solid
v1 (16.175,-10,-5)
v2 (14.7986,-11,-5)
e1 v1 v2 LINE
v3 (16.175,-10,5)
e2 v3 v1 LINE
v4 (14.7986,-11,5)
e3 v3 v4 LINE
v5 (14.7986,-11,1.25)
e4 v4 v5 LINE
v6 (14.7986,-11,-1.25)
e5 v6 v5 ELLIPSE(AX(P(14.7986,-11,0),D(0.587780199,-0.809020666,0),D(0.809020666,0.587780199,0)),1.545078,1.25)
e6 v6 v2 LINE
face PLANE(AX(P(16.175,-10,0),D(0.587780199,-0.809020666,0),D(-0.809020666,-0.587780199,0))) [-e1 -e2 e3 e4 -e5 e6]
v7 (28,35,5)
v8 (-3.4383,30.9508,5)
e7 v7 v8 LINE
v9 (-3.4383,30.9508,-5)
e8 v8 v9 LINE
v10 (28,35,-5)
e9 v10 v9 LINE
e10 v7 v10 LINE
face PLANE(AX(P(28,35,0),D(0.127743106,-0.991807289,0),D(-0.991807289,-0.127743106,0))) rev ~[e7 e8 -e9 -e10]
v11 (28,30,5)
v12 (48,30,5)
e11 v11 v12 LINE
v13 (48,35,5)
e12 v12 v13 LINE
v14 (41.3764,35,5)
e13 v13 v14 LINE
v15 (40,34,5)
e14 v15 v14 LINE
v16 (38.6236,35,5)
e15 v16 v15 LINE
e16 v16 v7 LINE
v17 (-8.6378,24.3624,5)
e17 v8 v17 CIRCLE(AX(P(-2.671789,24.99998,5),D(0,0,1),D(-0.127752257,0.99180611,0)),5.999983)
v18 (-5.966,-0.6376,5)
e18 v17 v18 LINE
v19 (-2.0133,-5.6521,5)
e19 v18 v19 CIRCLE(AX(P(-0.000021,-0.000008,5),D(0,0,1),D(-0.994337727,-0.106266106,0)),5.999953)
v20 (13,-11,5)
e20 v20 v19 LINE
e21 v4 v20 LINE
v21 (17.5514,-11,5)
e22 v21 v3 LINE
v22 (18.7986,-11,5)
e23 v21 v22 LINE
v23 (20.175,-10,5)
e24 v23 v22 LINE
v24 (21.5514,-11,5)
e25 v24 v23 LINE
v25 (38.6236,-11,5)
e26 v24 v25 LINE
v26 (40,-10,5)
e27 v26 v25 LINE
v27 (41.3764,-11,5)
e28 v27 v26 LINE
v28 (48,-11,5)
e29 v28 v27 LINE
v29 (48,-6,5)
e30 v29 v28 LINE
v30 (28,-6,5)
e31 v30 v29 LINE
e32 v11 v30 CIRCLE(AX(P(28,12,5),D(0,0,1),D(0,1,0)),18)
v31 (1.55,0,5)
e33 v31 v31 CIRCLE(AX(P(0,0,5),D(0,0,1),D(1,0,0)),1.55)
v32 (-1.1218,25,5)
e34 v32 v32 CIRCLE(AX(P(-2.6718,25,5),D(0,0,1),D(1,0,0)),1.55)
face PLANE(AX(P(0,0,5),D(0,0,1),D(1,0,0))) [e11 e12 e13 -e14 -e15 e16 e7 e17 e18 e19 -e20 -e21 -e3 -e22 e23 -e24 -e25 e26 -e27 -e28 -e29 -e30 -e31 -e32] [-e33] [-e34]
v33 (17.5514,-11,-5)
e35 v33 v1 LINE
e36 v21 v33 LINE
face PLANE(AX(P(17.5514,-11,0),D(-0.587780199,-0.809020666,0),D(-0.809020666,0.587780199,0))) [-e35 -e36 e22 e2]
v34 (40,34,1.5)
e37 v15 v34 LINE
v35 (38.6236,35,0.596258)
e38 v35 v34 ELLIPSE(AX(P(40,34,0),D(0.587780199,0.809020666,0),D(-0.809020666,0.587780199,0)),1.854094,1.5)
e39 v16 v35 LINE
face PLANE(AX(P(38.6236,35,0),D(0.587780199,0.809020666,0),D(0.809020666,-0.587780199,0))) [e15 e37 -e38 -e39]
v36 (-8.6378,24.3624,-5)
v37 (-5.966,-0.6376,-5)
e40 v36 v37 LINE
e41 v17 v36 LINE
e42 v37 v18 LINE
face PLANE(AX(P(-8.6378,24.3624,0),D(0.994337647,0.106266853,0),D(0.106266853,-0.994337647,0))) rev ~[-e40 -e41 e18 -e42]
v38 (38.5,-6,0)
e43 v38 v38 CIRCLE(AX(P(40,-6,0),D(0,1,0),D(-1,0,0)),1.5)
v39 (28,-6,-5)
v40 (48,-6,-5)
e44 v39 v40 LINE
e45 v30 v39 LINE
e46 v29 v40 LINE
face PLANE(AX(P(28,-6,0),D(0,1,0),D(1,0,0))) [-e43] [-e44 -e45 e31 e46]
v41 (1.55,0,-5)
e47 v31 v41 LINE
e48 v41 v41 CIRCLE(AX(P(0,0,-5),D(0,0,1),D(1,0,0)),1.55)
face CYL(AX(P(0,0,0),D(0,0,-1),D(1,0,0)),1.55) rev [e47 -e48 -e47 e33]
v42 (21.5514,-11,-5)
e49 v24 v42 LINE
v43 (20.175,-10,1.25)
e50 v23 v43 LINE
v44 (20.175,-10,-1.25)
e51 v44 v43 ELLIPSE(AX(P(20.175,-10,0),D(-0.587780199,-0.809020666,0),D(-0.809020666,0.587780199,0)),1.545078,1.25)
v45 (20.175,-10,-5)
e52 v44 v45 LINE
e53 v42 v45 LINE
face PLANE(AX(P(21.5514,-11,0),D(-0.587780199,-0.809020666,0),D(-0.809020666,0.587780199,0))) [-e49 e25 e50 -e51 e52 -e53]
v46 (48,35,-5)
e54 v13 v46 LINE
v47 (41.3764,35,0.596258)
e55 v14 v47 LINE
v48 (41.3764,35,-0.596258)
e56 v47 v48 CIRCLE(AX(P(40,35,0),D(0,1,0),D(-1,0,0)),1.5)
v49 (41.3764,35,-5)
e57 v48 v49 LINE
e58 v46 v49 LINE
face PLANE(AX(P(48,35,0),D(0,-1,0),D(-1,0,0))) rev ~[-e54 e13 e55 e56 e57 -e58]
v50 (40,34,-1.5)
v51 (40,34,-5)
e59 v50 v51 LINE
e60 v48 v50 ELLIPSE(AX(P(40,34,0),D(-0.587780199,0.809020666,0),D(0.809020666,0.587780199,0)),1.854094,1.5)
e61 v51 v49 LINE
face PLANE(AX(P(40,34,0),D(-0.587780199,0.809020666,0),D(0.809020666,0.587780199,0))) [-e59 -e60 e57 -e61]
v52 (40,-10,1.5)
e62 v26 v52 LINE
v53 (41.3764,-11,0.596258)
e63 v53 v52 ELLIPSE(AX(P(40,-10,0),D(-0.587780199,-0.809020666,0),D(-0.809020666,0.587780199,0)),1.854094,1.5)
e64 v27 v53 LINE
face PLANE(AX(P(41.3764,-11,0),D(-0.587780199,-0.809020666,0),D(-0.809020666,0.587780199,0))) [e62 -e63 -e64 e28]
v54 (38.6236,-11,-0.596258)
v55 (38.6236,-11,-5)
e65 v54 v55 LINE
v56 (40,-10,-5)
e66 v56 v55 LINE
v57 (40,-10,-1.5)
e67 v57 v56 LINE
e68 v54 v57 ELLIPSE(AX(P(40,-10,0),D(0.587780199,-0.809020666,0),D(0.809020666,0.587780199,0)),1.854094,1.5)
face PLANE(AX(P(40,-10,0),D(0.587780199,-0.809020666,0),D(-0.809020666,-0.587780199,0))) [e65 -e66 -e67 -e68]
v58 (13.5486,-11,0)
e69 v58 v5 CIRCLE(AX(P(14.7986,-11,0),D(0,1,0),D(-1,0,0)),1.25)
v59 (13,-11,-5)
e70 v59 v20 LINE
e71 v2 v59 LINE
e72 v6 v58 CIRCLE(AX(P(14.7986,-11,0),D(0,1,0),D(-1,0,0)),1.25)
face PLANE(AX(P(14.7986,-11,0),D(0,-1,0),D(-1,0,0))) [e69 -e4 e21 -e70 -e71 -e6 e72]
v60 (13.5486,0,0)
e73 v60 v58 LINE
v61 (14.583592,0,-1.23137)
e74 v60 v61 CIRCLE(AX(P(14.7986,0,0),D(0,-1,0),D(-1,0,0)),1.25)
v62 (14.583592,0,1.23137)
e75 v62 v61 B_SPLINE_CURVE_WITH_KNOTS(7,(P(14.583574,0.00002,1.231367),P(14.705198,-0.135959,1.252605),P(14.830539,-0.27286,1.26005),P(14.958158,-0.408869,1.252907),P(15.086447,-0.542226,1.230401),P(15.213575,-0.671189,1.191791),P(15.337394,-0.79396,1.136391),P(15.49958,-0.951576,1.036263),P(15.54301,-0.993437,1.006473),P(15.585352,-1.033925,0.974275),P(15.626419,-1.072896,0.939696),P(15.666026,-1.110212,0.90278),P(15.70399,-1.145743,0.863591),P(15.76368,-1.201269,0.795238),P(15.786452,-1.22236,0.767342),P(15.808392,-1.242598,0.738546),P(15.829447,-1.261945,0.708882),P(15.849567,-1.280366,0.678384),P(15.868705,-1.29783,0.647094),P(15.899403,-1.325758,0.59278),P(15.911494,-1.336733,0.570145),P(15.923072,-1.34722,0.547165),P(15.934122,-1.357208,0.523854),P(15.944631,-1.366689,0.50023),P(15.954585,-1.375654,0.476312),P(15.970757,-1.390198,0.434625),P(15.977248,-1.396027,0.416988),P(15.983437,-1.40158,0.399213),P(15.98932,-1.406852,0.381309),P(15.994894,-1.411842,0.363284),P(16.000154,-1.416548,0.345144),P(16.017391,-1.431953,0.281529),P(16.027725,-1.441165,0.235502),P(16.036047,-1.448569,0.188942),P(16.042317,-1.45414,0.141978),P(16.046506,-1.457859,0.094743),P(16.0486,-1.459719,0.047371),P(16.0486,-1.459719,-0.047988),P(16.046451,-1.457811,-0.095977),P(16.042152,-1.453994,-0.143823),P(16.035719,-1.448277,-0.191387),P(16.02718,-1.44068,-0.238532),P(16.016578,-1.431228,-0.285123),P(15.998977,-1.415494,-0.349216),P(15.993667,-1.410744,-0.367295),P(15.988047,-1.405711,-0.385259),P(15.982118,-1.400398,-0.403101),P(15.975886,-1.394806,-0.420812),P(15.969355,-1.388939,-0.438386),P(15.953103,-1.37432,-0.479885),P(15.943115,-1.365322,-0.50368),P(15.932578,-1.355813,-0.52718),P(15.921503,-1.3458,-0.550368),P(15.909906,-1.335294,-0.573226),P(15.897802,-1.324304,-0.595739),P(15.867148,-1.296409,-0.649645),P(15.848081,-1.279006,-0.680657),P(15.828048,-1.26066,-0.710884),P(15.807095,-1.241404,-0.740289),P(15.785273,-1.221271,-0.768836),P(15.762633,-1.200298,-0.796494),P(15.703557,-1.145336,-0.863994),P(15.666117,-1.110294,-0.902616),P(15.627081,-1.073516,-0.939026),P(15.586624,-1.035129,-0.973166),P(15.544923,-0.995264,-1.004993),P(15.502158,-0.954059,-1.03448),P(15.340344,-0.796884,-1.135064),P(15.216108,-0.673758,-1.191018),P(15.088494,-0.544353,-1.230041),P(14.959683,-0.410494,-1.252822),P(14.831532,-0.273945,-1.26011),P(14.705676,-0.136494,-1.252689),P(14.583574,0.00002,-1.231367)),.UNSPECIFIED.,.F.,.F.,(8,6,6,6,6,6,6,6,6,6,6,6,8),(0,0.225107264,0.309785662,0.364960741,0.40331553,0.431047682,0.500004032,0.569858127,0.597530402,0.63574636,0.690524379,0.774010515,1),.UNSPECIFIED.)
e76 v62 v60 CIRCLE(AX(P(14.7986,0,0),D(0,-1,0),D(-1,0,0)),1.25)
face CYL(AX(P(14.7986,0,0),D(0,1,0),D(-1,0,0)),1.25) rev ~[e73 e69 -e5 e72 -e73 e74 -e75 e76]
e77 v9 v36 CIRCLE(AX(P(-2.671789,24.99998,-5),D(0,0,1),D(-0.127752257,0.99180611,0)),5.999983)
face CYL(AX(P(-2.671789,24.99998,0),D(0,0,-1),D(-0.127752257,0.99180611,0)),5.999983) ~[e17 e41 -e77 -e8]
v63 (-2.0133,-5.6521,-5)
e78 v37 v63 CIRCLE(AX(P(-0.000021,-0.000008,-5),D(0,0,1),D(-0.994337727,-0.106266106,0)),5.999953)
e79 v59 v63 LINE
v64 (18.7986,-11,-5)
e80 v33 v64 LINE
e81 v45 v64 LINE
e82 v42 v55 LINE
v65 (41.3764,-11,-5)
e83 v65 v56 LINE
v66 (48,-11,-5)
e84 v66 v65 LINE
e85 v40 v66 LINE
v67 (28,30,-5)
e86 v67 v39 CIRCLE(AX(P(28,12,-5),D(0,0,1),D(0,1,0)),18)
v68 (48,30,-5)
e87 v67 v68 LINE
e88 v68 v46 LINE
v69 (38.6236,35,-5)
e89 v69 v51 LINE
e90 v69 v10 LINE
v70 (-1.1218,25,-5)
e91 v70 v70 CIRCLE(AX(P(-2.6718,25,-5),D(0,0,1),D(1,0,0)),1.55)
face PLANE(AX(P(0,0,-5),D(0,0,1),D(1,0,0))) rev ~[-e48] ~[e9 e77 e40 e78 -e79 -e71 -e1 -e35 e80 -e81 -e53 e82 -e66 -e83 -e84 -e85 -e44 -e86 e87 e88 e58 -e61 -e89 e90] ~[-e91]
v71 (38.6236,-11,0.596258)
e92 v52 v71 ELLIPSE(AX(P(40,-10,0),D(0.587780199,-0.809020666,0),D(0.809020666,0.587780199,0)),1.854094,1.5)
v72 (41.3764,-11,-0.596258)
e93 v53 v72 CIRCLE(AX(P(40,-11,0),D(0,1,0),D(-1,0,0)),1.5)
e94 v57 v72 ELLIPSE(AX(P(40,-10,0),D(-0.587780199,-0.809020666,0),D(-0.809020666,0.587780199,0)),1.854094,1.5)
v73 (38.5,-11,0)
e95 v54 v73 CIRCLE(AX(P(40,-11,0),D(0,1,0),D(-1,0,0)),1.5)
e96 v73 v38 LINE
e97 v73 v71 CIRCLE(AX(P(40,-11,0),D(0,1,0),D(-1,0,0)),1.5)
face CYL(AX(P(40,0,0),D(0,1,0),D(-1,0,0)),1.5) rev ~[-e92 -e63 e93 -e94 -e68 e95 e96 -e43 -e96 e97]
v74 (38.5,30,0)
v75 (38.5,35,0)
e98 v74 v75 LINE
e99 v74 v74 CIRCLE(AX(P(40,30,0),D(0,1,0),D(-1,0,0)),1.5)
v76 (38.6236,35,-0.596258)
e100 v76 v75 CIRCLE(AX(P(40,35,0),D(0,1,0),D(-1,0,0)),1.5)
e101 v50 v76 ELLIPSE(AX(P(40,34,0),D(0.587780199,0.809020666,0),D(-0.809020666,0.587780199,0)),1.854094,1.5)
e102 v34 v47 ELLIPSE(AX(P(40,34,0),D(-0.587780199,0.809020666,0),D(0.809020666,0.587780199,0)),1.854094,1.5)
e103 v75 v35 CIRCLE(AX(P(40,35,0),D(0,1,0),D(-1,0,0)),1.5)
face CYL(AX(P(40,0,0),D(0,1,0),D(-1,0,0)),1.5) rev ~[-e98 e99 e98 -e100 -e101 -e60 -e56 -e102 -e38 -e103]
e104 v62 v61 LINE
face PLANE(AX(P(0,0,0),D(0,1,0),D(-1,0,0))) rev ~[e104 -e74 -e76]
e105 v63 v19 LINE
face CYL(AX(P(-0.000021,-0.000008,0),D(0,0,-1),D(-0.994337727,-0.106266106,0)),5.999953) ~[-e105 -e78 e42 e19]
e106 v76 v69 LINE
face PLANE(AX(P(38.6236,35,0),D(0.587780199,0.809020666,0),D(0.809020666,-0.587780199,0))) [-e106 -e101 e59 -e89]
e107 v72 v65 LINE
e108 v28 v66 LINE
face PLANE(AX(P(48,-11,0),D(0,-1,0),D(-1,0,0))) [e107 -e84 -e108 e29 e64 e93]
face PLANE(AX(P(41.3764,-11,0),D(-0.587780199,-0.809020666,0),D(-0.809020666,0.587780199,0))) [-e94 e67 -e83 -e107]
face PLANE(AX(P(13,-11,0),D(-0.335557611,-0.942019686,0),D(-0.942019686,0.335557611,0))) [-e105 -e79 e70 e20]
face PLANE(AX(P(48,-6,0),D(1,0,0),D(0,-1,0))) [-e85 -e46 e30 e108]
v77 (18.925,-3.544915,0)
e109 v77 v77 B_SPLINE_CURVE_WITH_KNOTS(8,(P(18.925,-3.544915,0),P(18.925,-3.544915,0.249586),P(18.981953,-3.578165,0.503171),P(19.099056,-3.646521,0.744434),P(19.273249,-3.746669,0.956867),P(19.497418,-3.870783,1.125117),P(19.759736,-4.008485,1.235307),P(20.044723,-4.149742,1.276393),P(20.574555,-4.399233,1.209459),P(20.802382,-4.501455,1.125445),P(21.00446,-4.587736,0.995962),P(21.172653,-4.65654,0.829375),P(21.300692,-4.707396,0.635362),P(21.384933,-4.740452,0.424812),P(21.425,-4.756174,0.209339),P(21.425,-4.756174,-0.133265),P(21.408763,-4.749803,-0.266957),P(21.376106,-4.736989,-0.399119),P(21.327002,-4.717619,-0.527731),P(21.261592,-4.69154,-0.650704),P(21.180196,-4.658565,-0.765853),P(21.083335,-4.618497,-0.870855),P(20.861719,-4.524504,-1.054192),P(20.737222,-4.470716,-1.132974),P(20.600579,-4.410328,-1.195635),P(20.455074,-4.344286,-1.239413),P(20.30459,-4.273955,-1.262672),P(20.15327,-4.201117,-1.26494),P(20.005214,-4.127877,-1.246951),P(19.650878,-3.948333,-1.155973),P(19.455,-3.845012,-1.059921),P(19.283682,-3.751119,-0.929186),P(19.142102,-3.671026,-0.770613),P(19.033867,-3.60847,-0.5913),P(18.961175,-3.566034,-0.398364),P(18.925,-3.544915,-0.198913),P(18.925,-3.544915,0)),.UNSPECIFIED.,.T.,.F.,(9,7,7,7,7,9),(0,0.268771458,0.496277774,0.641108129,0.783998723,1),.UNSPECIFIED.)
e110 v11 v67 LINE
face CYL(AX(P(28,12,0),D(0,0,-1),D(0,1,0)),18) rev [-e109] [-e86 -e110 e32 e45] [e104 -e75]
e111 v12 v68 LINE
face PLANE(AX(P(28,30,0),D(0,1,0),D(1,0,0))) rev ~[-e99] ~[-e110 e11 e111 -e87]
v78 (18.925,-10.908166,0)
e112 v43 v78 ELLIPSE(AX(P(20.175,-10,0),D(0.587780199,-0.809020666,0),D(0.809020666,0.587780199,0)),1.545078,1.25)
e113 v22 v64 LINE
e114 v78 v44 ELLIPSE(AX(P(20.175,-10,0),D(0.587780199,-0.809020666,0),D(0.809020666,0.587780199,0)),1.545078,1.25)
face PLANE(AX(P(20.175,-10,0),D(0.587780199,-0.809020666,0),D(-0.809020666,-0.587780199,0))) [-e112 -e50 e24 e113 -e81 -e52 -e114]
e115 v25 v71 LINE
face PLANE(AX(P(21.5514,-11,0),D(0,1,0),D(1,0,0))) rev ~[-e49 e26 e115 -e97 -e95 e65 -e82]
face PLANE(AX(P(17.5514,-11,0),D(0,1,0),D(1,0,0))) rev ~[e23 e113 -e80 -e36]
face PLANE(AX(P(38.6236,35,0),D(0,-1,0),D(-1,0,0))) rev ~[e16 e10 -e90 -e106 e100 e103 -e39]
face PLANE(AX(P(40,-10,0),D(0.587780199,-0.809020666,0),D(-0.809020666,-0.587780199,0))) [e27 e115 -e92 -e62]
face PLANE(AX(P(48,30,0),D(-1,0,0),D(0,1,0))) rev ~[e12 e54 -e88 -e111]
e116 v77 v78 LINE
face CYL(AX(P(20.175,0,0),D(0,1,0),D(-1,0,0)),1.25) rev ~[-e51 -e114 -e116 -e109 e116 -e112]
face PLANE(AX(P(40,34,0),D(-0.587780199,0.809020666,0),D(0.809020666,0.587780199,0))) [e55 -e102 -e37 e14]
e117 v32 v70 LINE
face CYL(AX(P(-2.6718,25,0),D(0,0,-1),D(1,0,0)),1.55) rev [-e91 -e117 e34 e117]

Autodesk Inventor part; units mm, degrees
ref_plane "YZ Plane" through (0, 0, 0) normal (1, 0, 0) x (0, 1, 0)
ref_plane "XZ Plane" through (0, 0, 0) normal (0, 1, 0) x (-1, 0, 0)
ref_plane "XY Plane" through (0, 0, 0) normal (0, 0, 1) x (1, 0, 0)
sketch "Sketch1" plane through (0, 0, 0) normal (0, 0, 1) x (1, 0, 0)
  line L0 (40, 15) -> (40, 0) construction
  circle A0 centre (-2.6718, 25) radius 1.55
  circle A1 centre (0, 0) radius 1.55
  arc A2 (2.1334, 28.593) -> (-3.4383, 30.9508) centre (-2.6718, 25) ccw construction
  arc A3 (-5.966, -0.6376) -> (-2.0133, -5.6521) centre (0, 0) ccw
  line L1 (-8.6378, 24.3624) -> (-5.966, -0.6376)
  line L2 (0, -6) -> (28, -6) construction
  line L3 (40, 0) -> (48, 0) construction
  line L4 (48, 0) -> (48, -6) construction
  line L5 (48, -6) -> (48, -11)
  line L6 (48, -11) -> (41.3764, -11)
  line L7 (13, -11) -> (-2.0133, -5.6521)
  line L8 (28, -6) -> (48, -6)
  line L9 (28, 30) -> (48, 30)
  line L10 (48, 30) -> (48, 35)
  line L11 (48, 35) -> (41.3764, 35)
  line L12 (48, -6) -> (48, 30) construction
  arc A4 (-8.6378, 24.3624) -> (2.1334, 28.593) centre (-2.6718, 25) ccw construction
  arc A5 (0, -6) -> (-5.966, -0.6376) centre (0, 0) ccw construction
  line L13 (28, -6) -> (28, 30) construction
  line L14 (28, 35) -> (-3.4383, 30.9508)
  arc A6 (-3.4383, 30.9508) -> (-8.6378, 24.3624) centre (-2.6718, 25) ccw
  line L15 (28, 35) -> (28, 30) construction
  arc A7 (28, 30) -> (28, -6) centre (28, 12) ccw
  line L16 (40, 15) -> (40, 35) construction
  line L17 (38.6236, 35) -> (40, 34)
  line L18 (40, 34) -> (41.3764, 35)
  line L19 (38.6236, 35) -> (41.3764, 35) construction
  line L20 (40, 34) -> (40, 35) construction
  line L21 (41.3764, -11) -> (40, -10)
  line L22 (40, -10) -> (38.6236, -11)
  line L23 (41.3764, -11) -> (38.6236, -11) construction
  line L24 (40, -10) -> (40, -11) construction
  line L25 (40, 0) -> (40, -11) construction
  line L26 (21.5514, -11) -> (20.175, -10)
  line L27 (20.175, -10) -> (18.7986, -11)
  line L28 (20.175, -10) -> (20.175, -11) construction
  line L29 (20.175, -10) -> (40, -10) construction
  line L30 (17.5514, -11) -> (16.175, -10)
  line L31 (16.175, -10) -> (14.7986, -11)
  line L32 (16.175, -10) -> (20.175, -10) construction
  line L33 (16.175, -10) -> (16.175, -11) construction
  line L34 (14.7986, -11) -> (13, -11)
  line L35 (17.5514, -11) -> (14.7986, -11) construction
  line L36 (21.5514, -11) -> (38.6236, -11)
  line L37 (17.5514, -11) -> (18.7986, -11)
  line L38 (18.7986, -11) -> (21.5514, -11) construction
  line L39 (38.6236, 35) -> (28, 35)
  line L40 (41.3764, 35) -> (38.6236, 35) construction
  arc A8 (-2.0133, -5.6521) -> (0, -6) centre (0, 0) ccw construction
  dimension "d0" = 3.1
  dimension "d1" = 12
  dimension "d4" = 5
  dimension "d6" = 15
  dimension "d7" = 36
  dimension "d40" = 108
  dimension "d41" = 1
  dimension "d42" = 108
  dimension "d43" = 1
  dimension "d46" = 108
  dimension "d48" = 19.825
  dimension "d49" = 108
  dimension "d51" = 4
  dimension "d52" = 12
  dimension "d53" = 8
extrude "Extrusion1" add sketch "Sketch1" along normal mid plane 10
ref_plane "Work Plane1" through (0, 0, 0) normal (0, 0, 1) x (1, 0, 0)
sketch "Sketch4" plane through (0, 0, 0) normal (0, 1, 0) x (-1, 0, 0)
  line L0 (-40, -5) -> (-40, 5) projected
  line L1 (-20.175, -5) -> (-20.175, 5) projected
  line L2 (-14.7986, -5) -> (-14.7986, 5) projected
  circle A0 centre (-40, 0) radius 1.5
  circle A1 centre (-20.175, 0) radius 1.25
  circle A2 centre (-14.7986, 0) radius 1.25
  point P0 (0, 0)
  dimension "d55" = 3
  dimension "d56" = 2.5
extrude "Extrusion4" cut sketch "Sketch4" against normal through all contours A1 L1 | L1 A1 | A2 L2 | L2 A2
extrude "Extrusion5" cut sketch "Sketch4" along normal through all both and the other way through all contours A0 L0 | L0 A0
chamfer "Chamfer1" [suppressed]
equation "\"d46\" = d42"
equation "\"d49\" = d50"
equation "\"d50\" = 108deg"
properties part number "bloco-dedo-1"
